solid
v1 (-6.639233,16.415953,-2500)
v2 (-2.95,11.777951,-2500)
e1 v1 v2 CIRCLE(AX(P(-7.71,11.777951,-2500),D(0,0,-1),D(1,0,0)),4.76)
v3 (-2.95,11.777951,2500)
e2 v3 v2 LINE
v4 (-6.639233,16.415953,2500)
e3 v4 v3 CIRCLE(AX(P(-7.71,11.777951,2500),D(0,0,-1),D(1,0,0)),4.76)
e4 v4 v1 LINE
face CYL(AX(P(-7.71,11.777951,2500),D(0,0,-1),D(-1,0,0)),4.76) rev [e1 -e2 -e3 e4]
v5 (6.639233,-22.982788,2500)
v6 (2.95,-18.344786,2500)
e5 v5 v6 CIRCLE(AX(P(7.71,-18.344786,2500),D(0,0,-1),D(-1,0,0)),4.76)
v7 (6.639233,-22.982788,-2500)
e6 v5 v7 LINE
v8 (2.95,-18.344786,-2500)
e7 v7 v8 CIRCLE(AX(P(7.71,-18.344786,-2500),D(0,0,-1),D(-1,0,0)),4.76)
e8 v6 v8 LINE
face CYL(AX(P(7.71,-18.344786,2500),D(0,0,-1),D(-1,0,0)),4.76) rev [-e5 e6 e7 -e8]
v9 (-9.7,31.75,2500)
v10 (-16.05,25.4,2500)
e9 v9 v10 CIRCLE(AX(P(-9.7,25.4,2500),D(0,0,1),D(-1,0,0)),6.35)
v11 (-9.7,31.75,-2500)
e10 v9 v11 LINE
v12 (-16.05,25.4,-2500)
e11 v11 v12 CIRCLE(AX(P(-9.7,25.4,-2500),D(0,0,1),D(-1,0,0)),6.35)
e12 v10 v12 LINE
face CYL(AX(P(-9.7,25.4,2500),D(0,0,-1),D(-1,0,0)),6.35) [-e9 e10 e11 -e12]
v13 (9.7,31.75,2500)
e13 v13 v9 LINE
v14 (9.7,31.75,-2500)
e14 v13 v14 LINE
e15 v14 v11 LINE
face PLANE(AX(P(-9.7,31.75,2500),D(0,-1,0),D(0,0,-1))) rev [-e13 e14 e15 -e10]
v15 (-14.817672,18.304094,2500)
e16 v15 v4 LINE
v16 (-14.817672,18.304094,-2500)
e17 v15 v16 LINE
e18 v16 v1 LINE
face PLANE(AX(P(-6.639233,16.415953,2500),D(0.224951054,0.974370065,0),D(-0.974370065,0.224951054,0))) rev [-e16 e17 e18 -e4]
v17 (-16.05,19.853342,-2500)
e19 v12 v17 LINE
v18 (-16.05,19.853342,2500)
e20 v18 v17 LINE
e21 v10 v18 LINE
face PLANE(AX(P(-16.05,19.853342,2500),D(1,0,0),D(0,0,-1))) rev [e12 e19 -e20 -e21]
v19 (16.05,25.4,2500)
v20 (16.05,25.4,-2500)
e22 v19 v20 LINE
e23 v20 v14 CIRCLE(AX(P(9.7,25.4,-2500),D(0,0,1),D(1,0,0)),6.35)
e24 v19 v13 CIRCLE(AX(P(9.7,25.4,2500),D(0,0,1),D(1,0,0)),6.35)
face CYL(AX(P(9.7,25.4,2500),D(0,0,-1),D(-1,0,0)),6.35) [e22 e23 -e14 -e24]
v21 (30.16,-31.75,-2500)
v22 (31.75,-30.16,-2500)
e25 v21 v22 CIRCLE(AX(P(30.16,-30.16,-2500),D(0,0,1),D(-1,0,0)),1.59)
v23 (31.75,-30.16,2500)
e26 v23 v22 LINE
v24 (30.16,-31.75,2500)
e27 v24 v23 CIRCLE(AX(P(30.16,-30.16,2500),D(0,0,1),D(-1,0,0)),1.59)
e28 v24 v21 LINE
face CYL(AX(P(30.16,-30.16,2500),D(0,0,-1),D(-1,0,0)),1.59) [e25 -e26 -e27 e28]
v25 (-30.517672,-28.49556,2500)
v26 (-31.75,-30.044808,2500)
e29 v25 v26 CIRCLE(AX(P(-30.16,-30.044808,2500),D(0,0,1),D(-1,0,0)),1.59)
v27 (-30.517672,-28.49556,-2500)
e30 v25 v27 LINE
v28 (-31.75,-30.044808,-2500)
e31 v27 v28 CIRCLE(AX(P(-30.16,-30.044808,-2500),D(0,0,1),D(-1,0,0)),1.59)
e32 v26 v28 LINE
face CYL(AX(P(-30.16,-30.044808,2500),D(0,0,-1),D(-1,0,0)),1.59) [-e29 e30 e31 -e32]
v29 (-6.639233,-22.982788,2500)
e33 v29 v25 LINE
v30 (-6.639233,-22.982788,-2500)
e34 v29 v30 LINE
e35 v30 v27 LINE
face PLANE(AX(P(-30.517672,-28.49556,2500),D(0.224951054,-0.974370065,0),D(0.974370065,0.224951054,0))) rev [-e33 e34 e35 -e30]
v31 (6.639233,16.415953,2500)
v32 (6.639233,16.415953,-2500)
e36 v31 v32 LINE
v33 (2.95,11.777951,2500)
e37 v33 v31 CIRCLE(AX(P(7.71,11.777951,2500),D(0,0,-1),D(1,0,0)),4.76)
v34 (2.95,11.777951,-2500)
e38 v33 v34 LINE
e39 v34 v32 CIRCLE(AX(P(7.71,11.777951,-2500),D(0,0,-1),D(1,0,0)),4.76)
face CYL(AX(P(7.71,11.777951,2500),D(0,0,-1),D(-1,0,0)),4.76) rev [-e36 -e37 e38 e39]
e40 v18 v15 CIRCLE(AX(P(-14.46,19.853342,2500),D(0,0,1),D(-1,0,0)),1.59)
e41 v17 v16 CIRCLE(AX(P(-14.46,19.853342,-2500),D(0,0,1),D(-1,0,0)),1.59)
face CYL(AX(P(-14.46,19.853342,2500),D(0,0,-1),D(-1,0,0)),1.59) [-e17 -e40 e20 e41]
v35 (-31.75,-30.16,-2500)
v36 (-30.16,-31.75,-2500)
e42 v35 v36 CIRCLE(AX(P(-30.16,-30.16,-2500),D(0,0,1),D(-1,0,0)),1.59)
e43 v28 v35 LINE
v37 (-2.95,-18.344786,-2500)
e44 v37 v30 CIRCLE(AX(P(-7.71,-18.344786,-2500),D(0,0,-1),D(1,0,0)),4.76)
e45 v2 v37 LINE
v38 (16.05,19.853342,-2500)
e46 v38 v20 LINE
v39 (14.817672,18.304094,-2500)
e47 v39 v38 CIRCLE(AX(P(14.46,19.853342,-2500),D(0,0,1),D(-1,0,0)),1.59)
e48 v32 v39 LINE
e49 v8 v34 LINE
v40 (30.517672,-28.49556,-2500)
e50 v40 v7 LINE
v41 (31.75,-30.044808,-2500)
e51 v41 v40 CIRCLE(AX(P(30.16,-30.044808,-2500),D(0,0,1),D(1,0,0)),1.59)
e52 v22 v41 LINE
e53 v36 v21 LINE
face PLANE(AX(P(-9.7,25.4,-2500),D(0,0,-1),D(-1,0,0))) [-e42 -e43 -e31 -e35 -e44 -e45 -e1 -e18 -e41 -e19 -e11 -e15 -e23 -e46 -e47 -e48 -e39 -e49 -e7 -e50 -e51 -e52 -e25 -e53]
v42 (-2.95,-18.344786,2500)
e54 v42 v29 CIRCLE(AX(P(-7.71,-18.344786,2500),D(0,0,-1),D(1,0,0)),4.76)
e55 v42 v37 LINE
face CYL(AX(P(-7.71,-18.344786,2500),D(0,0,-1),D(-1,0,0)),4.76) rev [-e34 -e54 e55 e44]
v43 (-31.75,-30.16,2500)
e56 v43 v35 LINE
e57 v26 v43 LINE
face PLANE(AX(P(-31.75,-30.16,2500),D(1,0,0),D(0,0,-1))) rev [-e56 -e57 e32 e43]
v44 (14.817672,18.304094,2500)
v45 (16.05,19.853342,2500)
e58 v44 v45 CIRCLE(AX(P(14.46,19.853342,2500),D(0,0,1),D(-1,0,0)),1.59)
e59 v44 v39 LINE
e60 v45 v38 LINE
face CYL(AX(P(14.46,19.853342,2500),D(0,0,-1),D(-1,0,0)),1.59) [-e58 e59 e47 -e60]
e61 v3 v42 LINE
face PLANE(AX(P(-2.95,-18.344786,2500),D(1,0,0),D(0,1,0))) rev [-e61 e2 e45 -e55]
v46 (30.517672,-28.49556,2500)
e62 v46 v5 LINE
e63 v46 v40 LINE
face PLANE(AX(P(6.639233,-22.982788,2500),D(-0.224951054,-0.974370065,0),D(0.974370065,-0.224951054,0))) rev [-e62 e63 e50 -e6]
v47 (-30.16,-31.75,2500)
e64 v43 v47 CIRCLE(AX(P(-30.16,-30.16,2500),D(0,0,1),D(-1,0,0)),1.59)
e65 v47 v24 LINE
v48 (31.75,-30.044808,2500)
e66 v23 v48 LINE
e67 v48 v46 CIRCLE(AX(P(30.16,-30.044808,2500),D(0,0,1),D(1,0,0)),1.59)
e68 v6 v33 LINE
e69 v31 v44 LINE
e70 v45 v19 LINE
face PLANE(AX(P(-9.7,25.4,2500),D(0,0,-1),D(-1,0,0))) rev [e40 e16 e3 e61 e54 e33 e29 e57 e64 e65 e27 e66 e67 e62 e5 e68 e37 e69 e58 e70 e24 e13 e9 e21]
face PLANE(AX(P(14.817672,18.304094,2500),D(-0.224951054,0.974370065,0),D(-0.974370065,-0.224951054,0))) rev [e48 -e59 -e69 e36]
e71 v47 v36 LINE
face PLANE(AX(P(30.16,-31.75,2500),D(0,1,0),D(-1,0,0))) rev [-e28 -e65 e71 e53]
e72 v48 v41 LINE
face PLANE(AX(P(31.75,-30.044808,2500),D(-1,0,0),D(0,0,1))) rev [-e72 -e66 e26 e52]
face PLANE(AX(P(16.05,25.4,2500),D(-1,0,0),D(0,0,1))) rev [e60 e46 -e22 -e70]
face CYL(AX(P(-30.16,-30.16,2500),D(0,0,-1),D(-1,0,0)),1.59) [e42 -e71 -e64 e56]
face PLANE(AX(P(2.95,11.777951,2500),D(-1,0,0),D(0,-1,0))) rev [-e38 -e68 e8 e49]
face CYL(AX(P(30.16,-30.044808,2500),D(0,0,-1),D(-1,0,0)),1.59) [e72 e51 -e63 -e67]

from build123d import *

# Parameters (mm, degrees)
EXTRUDE_1_DEPTH = 2500


with BuildPart() as part:
    # 草图1 → 拉伸1 (new, symmetric)
    with BuildSketch(Plane.XY):
        with BuildLine():
            Line((-9.7, 31.75), (9.7, 31.75))
            ThreePointArc((9.7, 31.75), (14.190128061, 29.890128061), (16.05, 25.4))
            Line((16.05, 25.4), (16.05, 19.85334238))
            ThreePointArc((16.05, 19.85334238), (15.704346969, 18.863544107), (14.817672176, 18.304093977))
            Line((14.817672176, 18.304093977), (6.639232981, 16.415952513))
            ThreePointArc((6.639232981, 16.415952513), (3.984785173, 14.741120675), (2.95, 11.777951005))
            Line((2.95, 11.777951005), (2.95, -18.3447862))
            ThreePointArc((2.95, -18.3447862), (3.984785173, -21.307955871), (6.639232981, -22.982787709))
            Line((6.639232981, -22.982787709), (30.517672176, -28.495559773))
            ThreePointArc((30.517672176, -28.495559773), (31.404346969, -29.055009903), (31.75, -30.044808176))
            Line((31.75, -30.044808176), (31.75, -30.16))
            ThreePointArc((31.75, -30.16), (31.284299782, -31.284299782), (30.16, -31.75))
            Line((30.16, -31.75), (-30.16, -31.75))
            ThreePointArc((-30.16, -31.75), (-31.284299782, -31.284299782), (-31.75, -30.16))
            Line((-31.75, -30.16), (-31.75, -30.044808176))
            ThreePointArc((-31.75, -30.044808176), (-31.404346969, -29.055009903), (-30.517672176, -28.495559773))
            Line((-30.517672176, -28.495559773), (-6.639232981, -22.982787709))
            ThreePointArc((-6.639232981, -22.982787709), (-3.984785173, -21.307955871), (-2.95, -18.3447862))
            Line((-2.95, -18.3447862), (-2.95, 11.777951005))
            ThreePointArc((-2.95, 11.777951005), (-3.984785173, 14.741120675), (-6.639232981, 16.415952513))
            Line((-6.639232981, 16.415952513), (-14.817672176, 18.304093977))
            ThreePointArc((-14.817672176, 18.304093977), (-15.704346969, 18.863544107), (-16.05, 19.85334238))
            Line((-16.05, 19.85334238), (-16.05, 25.4))
            ThreePointArc((-16.05, 25.4), (-14.190128061, 29.890128061), (-9.7, 31.75))
        make_face()
    extrude(amount=EXTRUDE_1_DEPTH, both=True)


solid = part.part
